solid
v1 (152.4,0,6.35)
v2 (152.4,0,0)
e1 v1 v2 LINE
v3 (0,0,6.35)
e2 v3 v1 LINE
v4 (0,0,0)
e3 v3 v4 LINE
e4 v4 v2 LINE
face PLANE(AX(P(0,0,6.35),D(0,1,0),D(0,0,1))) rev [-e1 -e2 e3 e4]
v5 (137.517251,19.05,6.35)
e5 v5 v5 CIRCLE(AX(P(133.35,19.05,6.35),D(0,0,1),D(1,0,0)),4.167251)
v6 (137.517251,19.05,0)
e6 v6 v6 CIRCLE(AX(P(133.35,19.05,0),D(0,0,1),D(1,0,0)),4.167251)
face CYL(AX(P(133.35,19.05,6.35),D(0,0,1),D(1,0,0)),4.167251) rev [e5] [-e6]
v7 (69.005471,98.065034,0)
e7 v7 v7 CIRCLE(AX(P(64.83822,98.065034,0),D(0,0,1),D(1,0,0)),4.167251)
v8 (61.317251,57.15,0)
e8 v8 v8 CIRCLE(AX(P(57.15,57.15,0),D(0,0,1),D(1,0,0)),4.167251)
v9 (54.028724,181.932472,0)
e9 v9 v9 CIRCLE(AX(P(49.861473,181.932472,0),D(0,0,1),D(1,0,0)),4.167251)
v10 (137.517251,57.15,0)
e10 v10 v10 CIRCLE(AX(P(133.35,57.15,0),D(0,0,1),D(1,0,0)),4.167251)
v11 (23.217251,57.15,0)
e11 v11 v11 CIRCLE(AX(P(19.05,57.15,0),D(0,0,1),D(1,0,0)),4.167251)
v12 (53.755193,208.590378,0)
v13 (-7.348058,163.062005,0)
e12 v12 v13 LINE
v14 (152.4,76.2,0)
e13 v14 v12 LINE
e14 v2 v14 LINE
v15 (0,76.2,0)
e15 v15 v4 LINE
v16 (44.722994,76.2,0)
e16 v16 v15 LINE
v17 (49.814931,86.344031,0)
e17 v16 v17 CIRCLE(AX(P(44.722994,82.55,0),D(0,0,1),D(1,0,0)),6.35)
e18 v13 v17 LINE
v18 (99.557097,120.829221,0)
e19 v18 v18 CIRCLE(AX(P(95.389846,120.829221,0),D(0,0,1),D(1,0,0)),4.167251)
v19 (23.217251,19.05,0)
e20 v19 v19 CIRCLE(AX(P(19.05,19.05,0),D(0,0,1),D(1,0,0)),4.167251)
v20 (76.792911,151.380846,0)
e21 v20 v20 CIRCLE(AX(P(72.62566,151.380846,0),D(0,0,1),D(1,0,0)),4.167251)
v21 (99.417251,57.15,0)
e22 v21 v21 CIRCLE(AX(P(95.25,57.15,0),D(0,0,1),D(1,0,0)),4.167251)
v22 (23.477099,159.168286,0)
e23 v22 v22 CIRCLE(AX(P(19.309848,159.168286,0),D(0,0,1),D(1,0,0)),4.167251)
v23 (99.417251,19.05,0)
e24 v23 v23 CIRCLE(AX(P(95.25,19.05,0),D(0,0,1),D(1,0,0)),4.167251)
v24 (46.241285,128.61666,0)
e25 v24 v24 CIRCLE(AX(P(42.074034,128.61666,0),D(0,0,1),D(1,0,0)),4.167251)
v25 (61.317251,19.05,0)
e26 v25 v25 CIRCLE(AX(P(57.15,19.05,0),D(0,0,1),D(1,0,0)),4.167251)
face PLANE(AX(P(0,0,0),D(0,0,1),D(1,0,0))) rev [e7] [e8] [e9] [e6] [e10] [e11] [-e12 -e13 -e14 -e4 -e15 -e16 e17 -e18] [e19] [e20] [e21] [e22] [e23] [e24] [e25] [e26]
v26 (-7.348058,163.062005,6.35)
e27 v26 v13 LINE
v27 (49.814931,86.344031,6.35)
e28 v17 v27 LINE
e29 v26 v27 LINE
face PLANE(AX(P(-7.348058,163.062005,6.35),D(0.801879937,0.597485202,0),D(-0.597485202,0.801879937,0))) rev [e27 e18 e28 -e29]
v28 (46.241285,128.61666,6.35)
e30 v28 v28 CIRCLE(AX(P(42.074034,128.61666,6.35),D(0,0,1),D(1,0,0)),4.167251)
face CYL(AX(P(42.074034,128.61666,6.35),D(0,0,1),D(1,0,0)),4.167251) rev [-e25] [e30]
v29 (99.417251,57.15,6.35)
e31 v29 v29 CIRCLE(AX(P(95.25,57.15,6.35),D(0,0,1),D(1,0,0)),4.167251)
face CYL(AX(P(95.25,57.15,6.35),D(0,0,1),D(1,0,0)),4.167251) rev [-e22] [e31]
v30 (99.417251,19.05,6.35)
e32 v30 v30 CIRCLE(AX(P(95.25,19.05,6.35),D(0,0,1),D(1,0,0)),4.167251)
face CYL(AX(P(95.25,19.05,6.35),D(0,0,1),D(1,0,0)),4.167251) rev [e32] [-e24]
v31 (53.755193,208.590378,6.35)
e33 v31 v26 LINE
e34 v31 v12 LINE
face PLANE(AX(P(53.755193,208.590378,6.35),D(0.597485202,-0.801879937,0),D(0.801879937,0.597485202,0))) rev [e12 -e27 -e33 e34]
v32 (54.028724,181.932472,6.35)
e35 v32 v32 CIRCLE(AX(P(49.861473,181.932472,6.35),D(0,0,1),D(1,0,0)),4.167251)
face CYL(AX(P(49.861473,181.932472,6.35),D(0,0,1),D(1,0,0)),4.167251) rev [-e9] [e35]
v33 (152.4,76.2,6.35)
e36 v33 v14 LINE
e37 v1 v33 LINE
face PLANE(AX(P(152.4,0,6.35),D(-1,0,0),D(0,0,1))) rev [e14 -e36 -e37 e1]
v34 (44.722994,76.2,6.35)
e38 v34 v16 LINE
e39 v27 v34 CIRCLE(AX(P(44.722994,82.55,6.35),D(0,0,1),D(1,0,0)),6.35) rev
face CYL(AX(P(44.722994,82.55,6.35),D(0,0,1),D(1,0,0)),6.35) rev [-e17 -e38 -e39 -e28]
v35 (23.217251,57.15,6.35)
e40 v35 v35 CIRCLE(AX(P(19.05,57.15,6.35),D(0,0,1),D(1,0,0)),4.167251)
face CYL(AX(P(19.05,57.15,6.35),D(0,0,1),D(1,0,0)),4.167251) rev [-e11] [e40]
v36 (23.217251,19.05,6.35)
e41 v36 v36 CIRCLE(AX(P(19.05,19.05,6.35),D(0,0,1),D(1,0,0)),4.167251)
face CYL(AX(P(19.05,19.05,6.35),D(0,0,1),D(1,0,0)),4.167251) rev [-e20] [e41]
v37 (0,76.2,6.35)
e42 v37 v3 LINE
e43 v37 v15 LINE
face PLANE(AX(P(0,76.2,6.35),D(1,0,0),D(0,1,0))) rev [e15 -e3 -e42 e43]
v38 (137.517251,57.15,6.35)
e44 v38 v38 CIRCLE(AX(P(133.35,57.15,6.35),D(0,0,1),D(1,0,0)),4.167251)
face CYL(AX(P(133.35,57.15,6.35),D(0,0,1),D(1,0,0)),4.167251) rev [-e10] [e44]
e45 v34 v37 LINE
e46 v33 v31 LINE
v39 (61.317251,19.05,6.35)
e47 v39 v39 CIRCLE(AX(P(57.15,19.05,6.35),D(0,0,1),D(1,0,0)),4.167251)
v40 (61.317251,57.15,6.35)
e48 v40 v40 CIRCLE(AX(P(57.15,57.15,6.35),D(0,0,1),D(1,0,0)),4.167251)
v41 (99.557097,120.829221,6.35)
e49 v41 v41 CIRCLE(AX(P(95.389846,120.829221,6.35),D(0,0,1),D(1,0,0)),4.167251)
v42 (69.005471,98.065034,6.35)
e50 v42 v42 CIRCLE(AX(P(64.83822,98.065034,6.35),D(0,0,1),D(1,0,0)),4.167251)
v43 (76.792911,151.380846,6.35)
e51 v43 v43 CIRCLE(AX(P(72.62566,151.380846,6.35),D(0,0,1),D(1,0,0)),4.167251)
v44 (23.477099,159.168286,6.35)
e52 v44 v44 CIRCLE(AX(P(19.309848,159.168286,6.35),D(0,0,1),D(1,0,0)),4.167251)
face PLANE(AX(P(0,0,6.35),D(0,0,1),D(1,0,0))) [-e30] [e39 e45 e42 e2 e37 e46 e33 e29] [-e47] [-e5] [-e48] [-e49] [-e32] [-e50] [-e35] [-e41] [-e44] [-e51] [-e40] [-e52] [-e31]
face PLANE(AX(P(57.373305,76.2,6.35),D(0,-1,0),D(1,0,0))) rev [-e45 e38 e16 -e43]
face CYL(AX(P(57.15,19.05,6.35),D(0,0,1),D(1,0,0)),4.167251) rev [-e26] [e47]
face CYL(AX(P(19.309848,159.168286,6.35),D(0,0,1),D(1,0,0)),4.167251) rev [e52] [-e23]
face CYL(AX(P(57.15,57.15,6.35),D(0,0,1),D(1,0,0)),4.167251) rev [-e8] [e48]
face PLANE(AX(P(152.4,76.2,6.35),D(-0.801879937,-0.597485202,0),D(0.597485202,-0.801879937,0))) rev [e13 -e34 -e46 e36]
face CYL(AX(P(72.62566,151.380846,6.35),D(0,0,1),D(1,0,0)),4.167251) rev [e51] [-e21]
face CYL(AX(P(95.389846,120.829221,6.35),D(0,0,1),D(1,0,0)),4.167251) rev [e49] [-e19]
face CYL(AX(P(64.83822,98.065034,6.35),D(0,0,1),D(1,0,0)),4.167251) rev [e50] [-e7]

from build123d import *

# Parameters (mm, degrees)
BOSS_EXTRUDE1_DEPTH              = 6.35
F_21_64_0_32813_DIAMETER_HOLE1_D = 8.334502
LPATTERN1_COUNT                  = 4
LPATTERN1_PITCH                  = 38.1
LPATTERN1_COUNT_DIR2             = 2
LPATTERN1_PITCH_DIR2             = 38.1
F_21_64_0_32813_DIAMETER_HOLE2_D = 8.334502
LPATTERN2_COUNT                  = 3
LPATTERN2_PITCH                  = 38.1
LPATTERN2_COUNT_DIR2             = 2
LPATTERN2_PITCH_DIR2             = 38.1
FILLET1_R                        = 6.35


with BuildPart() as part:
    # Sketch2 → Boss-Extrude1 (new body)
    with BuildSketch(Plane.XY):
        Polygon((0, 0), (152.4, 0), (152.4, 76.2), (53.755193212, 208.590377648), (-7.34805801, 163.062005284), (57.373305284, 76.2), (0, 76.2), align=None)
    extrude(amount=BOSS_EXTRUDE1_DEPTH)

    # 21/64 (0.32813) Diameter Hole1 (through all)
    with Locations(Plane.XY.offset(6.35)):
        with Locations((133.35, 19.05)):
            f_21_64_0_32813_diameter_hole1 = Hole(F_21_64_0_32813_DIAMETER_HOLE1_D / 2)

    # LPattern1: 21_64 _0.32813_ Diameter Hole1 4 × 2
    with Locations(*[(-i * LPATTERN1_PITCH, j * LPATTERN1_PITCH_DIR2, 0) for i in range(LPATTERN1_COUNT) for j in range(LPATTERN1_COUNT_DIR2) if (i, j) != (0, 0)]):
        add(f_21_64_0_32813_diameter_hole1, mode=Mode.SUBTRACT)

    # 21/64 (0.32813) Diameter Hole2 (through all)
    with Locations(Plane.XY.offset(6.35)):
        with Locations((49.861473497, 181.932471751)):
            f_21_64_0_32813_diameter_hole2 = Hole(F_21_64_0_32813_DIAMETER_HOLE2_D / 2)

    # LPattern2: 21_64 _0.32813_ Diameter Hole2 3 × 2
    with Locations(*[Vector(0.5974852016253348, -0.8018799372965589, 0) * (i * LPATTERN2_PITCH) + Vector(-0.8018799372965586, -0.5974852016253351, 0) * (j * LPATTERN2_PITCH_DIR2) for i in range(LPATTERN2_COUNT) for j in range(LPATTERN2_COUNT_DIR2) if (i, j) != (0, 0)]):
        add(f_21_64_0_32813_diameter_hole2, mode=Mode.SUBTRACT)

    # Fillet1
    fillet1_edges = [part.edges().sort_by_distance(p)[0] for p in [
        (57.373305284, 76.2, 3.175),
    ]]
    fillet(fillet1_edges, radius=FILLET1_R)


solid = part.part
